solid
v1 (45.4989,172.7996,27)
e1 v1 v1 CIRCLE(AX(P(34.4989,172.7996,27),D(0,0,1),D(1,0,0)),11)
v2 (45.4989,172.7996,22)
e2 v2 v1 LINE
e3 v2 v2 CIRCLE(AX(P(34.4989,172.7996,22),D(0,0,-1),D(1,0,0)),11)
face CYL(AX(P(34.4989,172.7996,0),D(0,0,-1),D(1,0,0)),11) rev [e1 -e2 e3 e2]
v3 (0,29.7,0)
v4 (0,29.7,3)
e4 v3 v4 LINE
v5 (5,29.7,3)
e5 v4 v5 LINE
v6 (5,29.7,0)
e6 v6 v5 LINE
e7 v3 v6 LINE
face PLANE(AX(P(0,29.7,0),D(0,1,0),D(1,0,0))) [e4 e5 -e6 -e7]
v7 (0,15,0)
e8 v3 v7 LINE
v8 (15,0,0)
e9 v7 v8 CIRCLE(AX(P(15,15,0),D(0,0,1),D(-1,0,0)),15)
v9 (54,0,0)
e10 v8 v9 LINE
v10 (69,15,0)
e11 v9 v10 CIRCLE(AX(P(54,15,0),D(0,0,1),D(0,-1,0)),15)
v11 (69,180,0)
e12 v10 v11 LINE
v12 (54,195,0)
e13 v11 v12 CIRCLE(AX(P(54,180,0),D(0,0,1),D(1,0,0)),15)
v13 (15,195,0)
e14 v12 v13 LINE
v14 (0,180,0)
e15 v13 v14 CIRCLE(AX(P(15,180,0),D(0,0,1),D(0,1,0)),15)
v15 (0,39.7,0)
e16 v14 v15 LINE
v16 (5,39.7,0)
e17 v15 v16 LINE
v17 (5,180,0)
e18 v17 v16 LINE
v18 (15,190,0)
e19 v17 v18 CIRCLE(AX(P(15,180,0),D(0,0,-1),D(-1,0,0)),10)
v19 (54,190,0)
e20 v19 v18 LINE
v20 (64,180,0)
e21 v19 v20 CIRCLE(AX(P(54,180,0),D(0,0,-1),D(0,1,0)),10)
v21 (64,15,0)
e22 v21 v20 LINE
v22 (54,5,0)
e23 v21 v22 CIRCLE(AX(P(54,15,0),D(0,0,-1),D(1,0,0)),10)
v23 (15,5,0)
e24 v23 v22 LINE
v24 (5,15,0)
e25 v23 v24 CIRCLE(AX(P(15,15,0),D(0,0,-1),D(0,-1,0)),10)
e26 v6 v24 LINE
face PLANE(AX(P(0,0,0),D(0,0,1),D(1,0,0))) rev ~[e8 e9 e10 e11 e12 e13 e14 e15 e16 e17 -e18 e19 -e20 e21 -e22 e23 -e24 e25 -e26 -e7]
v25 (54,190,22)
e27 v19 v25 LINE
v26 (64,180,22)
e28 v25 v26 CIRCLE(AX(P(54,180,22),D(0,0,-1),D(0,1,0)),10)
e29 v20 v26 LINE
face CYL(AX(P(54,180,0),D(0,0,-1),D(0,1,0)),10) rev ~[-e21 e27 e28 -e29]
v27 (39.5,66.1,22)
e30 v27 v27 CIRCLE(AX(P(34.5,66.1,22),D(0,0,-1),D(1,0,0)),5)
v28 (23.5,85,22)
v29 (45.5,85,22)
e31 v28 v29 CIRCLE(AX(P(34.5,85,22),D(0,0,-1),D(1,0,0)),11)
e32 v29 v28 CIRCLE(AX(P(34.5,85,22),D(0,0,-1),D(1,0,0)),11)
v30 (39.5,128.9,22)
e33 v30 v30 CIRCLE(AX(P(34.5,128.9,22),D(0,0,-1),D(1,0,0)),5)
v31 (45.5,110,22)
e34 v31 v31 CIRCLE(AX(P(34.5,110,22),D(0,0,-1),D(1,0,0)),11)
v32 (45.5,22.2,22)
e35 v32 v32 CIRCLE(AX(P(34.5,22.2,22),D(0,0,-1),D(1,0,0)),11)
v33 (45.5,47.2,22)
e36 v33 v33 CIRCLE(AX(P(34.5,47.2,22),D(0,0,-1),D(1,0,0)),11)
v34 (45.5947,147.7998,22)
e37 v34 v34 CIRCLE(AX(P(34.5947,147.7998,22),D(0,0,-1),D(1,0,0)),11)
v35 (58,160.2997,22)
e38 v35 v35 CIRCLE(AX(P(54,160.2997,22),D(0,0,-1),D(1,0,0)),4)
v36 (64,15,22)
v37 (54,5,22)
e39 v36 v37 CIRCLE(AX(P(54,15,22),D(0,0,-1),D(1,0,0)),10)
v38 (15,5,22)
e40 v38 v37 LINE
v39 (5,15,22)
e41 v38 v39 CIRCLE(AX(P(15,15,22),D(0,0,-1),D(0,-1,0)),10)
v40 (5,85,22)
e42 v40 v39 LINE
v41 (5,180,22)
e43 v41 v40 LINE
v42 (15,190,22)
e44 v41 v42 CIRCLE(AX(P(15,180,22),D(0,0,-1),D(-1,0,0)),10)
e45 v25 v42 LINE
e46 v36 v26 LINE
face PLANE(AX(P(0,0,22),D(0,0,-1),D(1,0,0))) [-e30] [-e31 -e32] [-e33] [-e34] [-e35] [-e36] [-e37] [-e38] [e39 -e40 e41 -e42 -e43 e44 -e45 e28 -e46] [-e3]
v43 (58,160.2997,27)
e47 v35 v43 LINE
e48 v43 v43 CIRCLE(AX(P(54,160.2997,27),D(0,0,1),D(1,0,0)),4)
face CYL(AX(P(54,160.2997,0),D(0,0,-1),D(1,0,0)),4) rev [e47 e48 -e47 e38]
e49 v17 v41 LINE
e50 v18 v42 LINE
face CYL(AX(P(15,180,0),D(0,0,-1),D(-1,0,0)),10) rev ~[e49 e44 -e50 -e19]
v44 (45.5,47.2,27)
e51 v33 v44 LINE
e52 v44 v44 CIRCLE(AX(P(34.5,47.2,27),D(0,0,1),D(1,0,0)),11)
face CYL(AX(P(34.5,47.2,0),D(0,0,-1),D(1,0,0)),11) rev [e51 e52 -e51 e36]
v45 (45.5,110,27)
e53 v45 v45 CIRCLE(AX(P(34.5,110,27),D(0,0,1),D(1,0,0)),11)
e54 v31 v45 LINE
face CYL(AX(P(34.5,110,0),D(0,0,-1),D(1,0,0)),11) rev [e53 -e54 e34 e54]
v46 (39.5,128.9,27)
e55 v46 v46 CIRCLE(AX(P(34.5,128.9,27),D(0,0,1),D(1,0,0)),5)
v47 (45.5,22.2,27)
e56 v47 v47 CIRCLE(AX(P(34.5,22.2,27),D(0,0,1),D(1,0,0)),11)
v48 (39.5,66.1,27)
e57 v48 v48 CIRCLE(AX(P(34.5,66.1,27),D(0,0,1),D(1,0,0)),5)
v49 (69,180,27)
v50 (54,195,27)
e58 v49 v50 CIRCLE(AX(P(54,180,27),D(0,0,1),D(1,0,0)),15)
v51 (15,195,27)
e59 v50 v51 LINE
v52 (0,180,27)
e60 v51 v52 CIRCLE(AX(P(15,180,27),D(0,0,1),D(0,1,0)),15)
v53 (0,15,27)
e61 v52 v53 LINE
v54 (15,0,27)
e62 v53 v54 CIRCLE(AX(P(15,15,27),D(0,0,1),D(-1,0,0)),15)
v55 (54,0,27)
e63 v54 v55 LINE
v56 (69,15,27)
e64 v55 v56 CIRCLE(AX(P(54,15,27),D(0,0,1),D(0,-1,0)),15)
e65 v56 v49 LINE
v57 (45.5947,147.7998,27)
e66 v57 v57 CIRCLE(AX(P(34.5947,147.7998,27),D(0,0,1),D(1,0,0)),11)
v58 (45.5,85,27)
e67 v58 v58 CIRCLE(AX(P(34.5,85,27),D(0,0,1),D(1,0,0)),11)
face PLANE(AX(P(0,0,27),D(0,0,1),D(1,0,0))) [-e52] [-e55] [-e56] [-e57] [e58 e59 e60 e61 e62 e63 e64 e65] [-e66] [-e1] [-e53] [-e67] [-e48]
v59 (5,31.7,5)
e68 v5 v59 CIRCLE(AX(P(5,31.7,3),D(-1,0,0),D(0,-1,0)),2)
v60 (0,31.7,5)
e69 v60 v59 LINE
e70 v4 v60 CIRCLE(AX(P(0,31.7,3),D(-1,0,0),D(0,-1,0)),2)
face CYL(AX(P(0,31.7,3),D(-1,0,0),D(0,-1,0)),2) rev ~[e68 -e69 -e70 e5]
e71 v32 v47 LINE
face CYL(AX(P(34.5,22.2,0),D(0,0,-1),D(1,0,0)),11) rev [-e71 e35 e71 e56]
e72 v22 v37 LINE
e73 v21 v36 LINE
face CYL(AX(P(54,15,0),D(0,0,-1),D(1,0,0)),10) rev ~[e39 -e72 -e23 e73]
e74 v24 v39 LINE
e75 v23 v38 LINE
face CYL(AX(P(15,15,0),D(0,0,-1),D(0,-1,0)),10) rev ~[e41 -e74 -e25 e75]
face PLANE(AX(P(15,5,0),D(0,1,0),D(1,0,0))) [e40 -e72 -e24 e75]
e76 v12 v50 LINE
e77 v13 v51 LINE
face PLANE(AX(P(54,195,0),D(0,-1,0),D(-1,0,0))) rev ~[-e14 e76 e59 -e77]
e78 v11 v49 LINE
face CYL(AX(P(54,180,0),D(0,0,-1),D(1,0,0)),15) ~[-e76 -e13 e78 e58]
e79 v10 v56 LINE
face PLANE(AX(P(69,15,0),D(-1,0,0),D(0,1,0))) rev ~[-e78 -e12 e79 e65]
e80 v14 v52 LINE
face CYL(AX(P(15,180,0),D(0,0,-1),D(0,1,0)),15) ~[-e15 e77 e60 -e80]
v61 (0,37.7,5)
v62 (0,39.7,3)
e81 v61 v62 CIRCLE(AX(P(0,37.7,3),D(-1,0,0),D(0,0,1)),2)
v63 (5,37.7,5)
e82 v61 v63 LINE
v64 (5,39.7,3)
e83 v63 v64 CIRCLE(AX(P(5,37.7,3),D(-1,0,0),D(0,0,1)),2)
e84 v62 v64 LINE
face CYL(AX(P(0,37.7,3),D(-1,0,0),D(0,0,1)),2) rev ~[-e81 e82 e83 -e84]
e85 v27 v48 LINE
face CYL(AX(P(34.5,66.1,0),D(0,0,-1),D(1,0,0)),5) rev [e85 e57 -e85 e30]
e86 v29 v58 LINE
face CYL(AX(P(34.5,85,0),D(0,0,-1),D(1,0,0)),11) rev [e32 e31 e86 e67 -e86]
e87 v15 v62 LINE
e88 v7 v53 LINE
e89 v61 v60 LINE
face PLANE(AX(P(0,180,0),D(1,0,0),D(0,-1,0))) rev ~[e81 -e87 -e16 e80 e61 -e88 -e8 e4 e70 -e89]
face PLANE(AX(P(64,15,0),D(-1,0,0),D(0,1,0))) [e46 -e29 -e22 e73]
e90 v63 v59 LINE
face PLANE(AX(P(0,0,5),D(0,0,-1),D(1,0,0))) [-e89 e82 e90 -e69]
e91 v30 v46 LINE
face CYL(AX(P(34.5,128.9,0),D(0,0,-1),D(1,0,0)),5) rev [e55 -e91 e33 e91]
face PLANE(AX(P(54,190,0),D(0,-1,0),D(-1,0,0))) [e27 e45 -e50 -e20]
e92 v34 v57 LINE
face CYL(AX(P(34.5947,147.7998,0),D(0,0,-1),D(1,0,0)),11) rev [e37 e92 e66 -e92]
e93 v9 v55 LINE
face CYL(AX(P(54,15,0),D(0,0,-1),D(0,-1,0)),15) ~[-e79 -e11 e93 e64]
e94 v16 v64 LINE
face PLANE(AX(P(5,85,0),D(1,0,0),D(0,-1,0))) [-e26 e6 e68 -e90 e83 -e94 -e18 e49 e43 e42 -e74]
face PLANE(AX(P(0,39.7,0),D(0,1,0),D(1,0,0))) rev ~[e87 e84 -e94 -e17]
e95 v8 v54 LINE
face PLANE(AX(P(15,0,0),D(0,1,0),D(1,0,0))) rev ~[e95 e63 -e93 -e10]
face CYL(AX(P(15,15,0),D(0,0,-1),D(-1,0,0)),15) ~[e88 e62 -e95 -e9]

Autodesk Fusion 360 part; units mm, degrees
sketch "Sketch1" plane through (0, 0, 0) normal (0, 0, 1) x (1, 0, 0)
  line L0 (10, 0) -> (59, 0)
  line L1 (69, 10) -> (69, 170)
  line L2 (59, 180) -> (10, 180)
  line L3 (0, 170) -> (0, 10)
  arc A0 (10, 180) -> (0, 170) centre (10, 170) ccw
  arc A1 (69, 170) -> (59, 180) centre (59, 170) ccw
  arc A2 (59, 0) -> (69, 10) centre (59, 10) ccw
  arc A3 (0, 10) -> (10, 0) centre (10, 10) ccw
  point P0 (69, 0)
  point P1 (0, 180)
  dimension "d1" = 69
  dimension "d2" = 180
  dimension "d3" = 10
  dimension "d4" = 10
  dimension "d5" = 10
sketch "Sketch2" plane through (0, 0, 27) normal (0, 0, 1) x (-1, 0, 0)
  line L0 (-10, 0) -> (-59, 0)
  arc A0 (-59, 0) -> (-69, -10) centre (-59, -10) ccw
sketch "Sketch3" plane through (0, 0, 0) normal (0, 0, 1) x (1, 0, 0)
  line L0 (15, 0) -> (54, 0)
  line L1 (69, 15) -> (69, 180)
  line L2 (54, 195) -> (15, 195)
  line L3 (0, 180) -> (0, 15)
  circle A0 centre (34.5, 110) radius 11
  circle A1 centre (34.5, 85) radius 11
  circle A2 centre (34.5, 128.9) radius 5
  circle A3 centre (34.5, 66.1) radius 5
  circle A4 centre (34.5, 47.2) radius 11
  circle A5 centre (34.5947, 147.7998) radius 11
  circle A6 centre (34.5, 22.2) radius 11
  circle A7 centre (34.4989, 172.7996) radius 11
  arc A8 (15, 195) -> (0, 180) centre (15, 180) ccw
  arc A9 (69, 180) -> (54, 195) centre (54, 180) ccw
  arc A10 (54, 0) -> (69, 15) centre (54, 15) ccw
  arc A11 (0, 15) -> (15, 0) centre (15, 15) ccw
  circle A12 centre (54, 160.2997) radius 4
  point P0 (69, 0)
  dimension "d76" = 22
  dimension "d77" = 22
  dimension "d78" = 18.9
  dimension "d79" = 18.9
  dimension "d80" = 10
  dimension "d81" = 10
  dimension "d82" = 18.9
  dimension "d83" = 18.9
  dimension "d84" = 22
  dimension "d85" = 22
  dimension "d86" = 25
  dimension "d87" = 25
  dimension "d88" = 22
  dimension "d89" = 22
  dimension "d90" = 15
  dimension "d91" = 15
  dimension "d92" = 15
  dimension "d93" = 15
  dimension "d130" = 8
sketch "Sketch4" plane through (0, 0, 27) normal (0, 0, 1) x (-1, 0, 0)
sketch "Sketch5" plane through (0, 0, 0) normal (0, 0, 1) x (1, 0, 0)
extrude "Extrude2" add sketch "Sketch3" along normal blind 27
sketch "Sketch6" plane through (0, 0, 0) normal (0, 0, -1) x (1, 0, 0)
  circle A0 centre (54, -160.2997) radius 4
  circle A1 centre (34.4989, -172.7996) radius 11
  circle A2 centre (34.5, -110) radius 11
  circle A3 centre (34.5947, -147.7998) radius 11
  circle A4 centre (34.5, -85) radius 11
  circle A5 centre (34.5, -66.1) radius 5
  circle A6 centre (34.5, -47.2) radius 11
  circle A7 centre (34.5, -22.2) radius 11
  circle A8 centre (34.5, -128.9) radius 5
  arc A9 (15, 0) -> (0, -15) centre (15, -15) ccw
  line L0 (0, -15) -> (0, -180)
  arc A10 (0, -180) -> (15, -195) centre (15, -180) ccw
  line L1 (15, -195) -> (54, -195)
  arc A11 (54, -195) -> (69, -180) centre (54, -180) ccw
  line L2 (69, -180) -> (69, -15)
  arc A12 (69, -15) -> (54, 0) centre (54, -15) ccw
  line L3 (54, 0) -> (15, 0)
  line L4 (34.5, -85) -> (0, -85)
  line L5 (15, -5) -> (54, -5)
  line L6 (64, -15) -> (64, -180)
  line L7 (54, -190) -> (15, -190)
  line L8 (5, -180) -> (5, -15)
  arc A13 (15, -5) -> (5, -15) centre (15, -15) ccw
  arc A14 (64, -15) -> (54, -5) centre (54, -15) ccw
  arc A15 (5, -180) -> (15, -190) centre (15, -180) ccw
  arc A16 (54, -190) -> (64, -180) centre (54, -180) ccw
  dimension "d162" = 10
  dimension "d163" = 10
  dimension "d164" = 10
  dimension "d165" = 10
extrude "Extrude3" cut sketch "Sketch6" against normal blind 22 contours L5 L6 L7 L8 A13 A14 A15 A16
sketch "Sketch7" plane through (0, 0, 27) normal (0, 0, 1) x (-1, 0, 0)
  circle A0 centre (-54, -160.2997) radius 4
  circle A1 centre (-34.4989, -172.7996) radius 11
  circle A2 centre (-34.5, -110) radius 11
  circle A3 centre (-34.5947, -147.7998) radius 11
  circle A4 centre (-34.5, -85) radius 11
  circle A5 centre (-34.5, -66.1) radius 5
  circle A6 centre (-34.5, -47.2) radius 11
  circle A7 centre (-34.5, -22.2) radius 11
  circle A8 centre (-34.5, -128.9) radius 5
  arc A9 (0, -15) -> (-15, 0) centre (-15, -15) ccw
  line L0 (-15, 0) -> (-54, 0)
  arc A10 (-54, 0) -> (-69, -15) centre (-54, -15) ccw
  line L1 (-69, -15) -> (-69, -180)
  arc A11 (-69, -180) -> (-54, -195) centre (-54, -180) ccw
  line L2 (-54, -195) -> (-15, -195)
  arc A12 (-15, -195) -> (0, -180) centre (-15, -180) ccw
  line L3 (0, -180) -> (0, -15)
sketch "Sketch8" plane through (0, 0, 0) normal (0, 0, -1) x (1, 0, 0)
  line L0 (54, -190) -> (15, -190)
  arc A0 (5, -180) -> (15, -190) centre (15, -180) ccw
  line L1 (5, -180) -> (5, -15)
  arc A1 (15, -5) -> (5, -15) centre (15, -15) ccw
  line L2 (15, -5) -> (54, -5)
  arc A2 (64, -15) -> (54, -5) centre (54, -15) ccw
  line L3 (64, -15) -> (64, -180)
  arc A3 (54, -190) -> (64, -180) centre (54, -180) ccw
  arc A4 (15, 0) -> (0, -15) centre (15, -15) ccw
  line L4 (0, -15) -> (0, -180)
  arc A5 (0, -180) -> (15, -195) centre (15, -180) ccw
  line L5 (15, -195) -> (54, -195)
  arc A6 (54, -195) -> (69, -180) centre (54, -180) ccw
  line L6 (69, -180) -> (69, -15)
  arc A7 (69, -15) -> (54, 0) centre (54, -15) ccw
  line L7 (54, 0) -> (15, 0)
  line L8 (0, -34.7) -> (0, -29.7)
  line L9 (0, -34.7) -> (0, -39.7)
  line L10 (0, -39.7) -> (0, -29.7)
  line L11 (0, -29.7) -> (5, -29.7)
  line L12 (0, -39.7) -> (5, -39.7)
  line L13 (5, -29.7) -> (5, -39.7)
extrude "Extrude4" cut sketch "Sketch8" against normal blind 5 contours L1 L4 L8 L9 L10 L11 L12 L13
sketch "Sketch9" plane through (0, 0, 0) normal (-1, 0, 0) x (0, -1, 0)
  line L0 (-39.7, 0) -> (-39.7, 5)
  line L1 (-39.7, 5) -> (-29.7, 5)
  line L2 (-29.7, 5) -> (-29.7, 0)
  line L3 (-29.7, 0) -> (-15, 0)
  line L4 (-15, 0) -> (-15, 27)
  line L5 (-15, 27) -> (-180, 27)
  line L6 (-180, 27) -> (-180, 0)
  line L7 (-180, 0) -> (-39.7, 0)
  line L8 (-29.7, 0) -> (-29.7, 3)
  line L9 (-31.7, 5) -> (-37.7, 5)
  line L10 (-39.7, 3) -> (-39.7, 0)
  arc A0 (-29.7, 3) -> (-31.7, 5) centre (-31.7, 3) ccw
  arc A1 (-37.7, 5) -> (-39.7, 3) centre (-37.7, 3) ccw
  dimension "d176" = 2
  dimension "d177" = 2
extrude "Extrude5" add sketch "Sketch9" against normal blind 5 contours L0 L1 A1 | L1 L2 A0
sketch "Sketch10" plane through (0, 0, 0) normal (-1, 0, 0) x (0, -1, 0)
  line L0 (-39.7, 0) -> (-39.7, 3)
  arc A0 (-37.7, 5) -> (-39.7, 3) centre (-37.7, 3) ccw
  line L1 (-37.7, 5) -> (-31.7, 5)
  arc A1 (-29.7, 3) -> (-31.7, 5) centre (-31.7, 3) ccw
  line L2 (-29.7, 3) -> (-29.7, 0)
  line L3 (-29.7, 0) -> (-15, 0)
  line L4 (-15, 0) -> (-15, 27)
  line L5 (-15, 27) -> (-180, 27)
  line L6 (-180, 27) -> (-180, 0)
  line L7 (-180, 0) -> (-39.7, 0)
